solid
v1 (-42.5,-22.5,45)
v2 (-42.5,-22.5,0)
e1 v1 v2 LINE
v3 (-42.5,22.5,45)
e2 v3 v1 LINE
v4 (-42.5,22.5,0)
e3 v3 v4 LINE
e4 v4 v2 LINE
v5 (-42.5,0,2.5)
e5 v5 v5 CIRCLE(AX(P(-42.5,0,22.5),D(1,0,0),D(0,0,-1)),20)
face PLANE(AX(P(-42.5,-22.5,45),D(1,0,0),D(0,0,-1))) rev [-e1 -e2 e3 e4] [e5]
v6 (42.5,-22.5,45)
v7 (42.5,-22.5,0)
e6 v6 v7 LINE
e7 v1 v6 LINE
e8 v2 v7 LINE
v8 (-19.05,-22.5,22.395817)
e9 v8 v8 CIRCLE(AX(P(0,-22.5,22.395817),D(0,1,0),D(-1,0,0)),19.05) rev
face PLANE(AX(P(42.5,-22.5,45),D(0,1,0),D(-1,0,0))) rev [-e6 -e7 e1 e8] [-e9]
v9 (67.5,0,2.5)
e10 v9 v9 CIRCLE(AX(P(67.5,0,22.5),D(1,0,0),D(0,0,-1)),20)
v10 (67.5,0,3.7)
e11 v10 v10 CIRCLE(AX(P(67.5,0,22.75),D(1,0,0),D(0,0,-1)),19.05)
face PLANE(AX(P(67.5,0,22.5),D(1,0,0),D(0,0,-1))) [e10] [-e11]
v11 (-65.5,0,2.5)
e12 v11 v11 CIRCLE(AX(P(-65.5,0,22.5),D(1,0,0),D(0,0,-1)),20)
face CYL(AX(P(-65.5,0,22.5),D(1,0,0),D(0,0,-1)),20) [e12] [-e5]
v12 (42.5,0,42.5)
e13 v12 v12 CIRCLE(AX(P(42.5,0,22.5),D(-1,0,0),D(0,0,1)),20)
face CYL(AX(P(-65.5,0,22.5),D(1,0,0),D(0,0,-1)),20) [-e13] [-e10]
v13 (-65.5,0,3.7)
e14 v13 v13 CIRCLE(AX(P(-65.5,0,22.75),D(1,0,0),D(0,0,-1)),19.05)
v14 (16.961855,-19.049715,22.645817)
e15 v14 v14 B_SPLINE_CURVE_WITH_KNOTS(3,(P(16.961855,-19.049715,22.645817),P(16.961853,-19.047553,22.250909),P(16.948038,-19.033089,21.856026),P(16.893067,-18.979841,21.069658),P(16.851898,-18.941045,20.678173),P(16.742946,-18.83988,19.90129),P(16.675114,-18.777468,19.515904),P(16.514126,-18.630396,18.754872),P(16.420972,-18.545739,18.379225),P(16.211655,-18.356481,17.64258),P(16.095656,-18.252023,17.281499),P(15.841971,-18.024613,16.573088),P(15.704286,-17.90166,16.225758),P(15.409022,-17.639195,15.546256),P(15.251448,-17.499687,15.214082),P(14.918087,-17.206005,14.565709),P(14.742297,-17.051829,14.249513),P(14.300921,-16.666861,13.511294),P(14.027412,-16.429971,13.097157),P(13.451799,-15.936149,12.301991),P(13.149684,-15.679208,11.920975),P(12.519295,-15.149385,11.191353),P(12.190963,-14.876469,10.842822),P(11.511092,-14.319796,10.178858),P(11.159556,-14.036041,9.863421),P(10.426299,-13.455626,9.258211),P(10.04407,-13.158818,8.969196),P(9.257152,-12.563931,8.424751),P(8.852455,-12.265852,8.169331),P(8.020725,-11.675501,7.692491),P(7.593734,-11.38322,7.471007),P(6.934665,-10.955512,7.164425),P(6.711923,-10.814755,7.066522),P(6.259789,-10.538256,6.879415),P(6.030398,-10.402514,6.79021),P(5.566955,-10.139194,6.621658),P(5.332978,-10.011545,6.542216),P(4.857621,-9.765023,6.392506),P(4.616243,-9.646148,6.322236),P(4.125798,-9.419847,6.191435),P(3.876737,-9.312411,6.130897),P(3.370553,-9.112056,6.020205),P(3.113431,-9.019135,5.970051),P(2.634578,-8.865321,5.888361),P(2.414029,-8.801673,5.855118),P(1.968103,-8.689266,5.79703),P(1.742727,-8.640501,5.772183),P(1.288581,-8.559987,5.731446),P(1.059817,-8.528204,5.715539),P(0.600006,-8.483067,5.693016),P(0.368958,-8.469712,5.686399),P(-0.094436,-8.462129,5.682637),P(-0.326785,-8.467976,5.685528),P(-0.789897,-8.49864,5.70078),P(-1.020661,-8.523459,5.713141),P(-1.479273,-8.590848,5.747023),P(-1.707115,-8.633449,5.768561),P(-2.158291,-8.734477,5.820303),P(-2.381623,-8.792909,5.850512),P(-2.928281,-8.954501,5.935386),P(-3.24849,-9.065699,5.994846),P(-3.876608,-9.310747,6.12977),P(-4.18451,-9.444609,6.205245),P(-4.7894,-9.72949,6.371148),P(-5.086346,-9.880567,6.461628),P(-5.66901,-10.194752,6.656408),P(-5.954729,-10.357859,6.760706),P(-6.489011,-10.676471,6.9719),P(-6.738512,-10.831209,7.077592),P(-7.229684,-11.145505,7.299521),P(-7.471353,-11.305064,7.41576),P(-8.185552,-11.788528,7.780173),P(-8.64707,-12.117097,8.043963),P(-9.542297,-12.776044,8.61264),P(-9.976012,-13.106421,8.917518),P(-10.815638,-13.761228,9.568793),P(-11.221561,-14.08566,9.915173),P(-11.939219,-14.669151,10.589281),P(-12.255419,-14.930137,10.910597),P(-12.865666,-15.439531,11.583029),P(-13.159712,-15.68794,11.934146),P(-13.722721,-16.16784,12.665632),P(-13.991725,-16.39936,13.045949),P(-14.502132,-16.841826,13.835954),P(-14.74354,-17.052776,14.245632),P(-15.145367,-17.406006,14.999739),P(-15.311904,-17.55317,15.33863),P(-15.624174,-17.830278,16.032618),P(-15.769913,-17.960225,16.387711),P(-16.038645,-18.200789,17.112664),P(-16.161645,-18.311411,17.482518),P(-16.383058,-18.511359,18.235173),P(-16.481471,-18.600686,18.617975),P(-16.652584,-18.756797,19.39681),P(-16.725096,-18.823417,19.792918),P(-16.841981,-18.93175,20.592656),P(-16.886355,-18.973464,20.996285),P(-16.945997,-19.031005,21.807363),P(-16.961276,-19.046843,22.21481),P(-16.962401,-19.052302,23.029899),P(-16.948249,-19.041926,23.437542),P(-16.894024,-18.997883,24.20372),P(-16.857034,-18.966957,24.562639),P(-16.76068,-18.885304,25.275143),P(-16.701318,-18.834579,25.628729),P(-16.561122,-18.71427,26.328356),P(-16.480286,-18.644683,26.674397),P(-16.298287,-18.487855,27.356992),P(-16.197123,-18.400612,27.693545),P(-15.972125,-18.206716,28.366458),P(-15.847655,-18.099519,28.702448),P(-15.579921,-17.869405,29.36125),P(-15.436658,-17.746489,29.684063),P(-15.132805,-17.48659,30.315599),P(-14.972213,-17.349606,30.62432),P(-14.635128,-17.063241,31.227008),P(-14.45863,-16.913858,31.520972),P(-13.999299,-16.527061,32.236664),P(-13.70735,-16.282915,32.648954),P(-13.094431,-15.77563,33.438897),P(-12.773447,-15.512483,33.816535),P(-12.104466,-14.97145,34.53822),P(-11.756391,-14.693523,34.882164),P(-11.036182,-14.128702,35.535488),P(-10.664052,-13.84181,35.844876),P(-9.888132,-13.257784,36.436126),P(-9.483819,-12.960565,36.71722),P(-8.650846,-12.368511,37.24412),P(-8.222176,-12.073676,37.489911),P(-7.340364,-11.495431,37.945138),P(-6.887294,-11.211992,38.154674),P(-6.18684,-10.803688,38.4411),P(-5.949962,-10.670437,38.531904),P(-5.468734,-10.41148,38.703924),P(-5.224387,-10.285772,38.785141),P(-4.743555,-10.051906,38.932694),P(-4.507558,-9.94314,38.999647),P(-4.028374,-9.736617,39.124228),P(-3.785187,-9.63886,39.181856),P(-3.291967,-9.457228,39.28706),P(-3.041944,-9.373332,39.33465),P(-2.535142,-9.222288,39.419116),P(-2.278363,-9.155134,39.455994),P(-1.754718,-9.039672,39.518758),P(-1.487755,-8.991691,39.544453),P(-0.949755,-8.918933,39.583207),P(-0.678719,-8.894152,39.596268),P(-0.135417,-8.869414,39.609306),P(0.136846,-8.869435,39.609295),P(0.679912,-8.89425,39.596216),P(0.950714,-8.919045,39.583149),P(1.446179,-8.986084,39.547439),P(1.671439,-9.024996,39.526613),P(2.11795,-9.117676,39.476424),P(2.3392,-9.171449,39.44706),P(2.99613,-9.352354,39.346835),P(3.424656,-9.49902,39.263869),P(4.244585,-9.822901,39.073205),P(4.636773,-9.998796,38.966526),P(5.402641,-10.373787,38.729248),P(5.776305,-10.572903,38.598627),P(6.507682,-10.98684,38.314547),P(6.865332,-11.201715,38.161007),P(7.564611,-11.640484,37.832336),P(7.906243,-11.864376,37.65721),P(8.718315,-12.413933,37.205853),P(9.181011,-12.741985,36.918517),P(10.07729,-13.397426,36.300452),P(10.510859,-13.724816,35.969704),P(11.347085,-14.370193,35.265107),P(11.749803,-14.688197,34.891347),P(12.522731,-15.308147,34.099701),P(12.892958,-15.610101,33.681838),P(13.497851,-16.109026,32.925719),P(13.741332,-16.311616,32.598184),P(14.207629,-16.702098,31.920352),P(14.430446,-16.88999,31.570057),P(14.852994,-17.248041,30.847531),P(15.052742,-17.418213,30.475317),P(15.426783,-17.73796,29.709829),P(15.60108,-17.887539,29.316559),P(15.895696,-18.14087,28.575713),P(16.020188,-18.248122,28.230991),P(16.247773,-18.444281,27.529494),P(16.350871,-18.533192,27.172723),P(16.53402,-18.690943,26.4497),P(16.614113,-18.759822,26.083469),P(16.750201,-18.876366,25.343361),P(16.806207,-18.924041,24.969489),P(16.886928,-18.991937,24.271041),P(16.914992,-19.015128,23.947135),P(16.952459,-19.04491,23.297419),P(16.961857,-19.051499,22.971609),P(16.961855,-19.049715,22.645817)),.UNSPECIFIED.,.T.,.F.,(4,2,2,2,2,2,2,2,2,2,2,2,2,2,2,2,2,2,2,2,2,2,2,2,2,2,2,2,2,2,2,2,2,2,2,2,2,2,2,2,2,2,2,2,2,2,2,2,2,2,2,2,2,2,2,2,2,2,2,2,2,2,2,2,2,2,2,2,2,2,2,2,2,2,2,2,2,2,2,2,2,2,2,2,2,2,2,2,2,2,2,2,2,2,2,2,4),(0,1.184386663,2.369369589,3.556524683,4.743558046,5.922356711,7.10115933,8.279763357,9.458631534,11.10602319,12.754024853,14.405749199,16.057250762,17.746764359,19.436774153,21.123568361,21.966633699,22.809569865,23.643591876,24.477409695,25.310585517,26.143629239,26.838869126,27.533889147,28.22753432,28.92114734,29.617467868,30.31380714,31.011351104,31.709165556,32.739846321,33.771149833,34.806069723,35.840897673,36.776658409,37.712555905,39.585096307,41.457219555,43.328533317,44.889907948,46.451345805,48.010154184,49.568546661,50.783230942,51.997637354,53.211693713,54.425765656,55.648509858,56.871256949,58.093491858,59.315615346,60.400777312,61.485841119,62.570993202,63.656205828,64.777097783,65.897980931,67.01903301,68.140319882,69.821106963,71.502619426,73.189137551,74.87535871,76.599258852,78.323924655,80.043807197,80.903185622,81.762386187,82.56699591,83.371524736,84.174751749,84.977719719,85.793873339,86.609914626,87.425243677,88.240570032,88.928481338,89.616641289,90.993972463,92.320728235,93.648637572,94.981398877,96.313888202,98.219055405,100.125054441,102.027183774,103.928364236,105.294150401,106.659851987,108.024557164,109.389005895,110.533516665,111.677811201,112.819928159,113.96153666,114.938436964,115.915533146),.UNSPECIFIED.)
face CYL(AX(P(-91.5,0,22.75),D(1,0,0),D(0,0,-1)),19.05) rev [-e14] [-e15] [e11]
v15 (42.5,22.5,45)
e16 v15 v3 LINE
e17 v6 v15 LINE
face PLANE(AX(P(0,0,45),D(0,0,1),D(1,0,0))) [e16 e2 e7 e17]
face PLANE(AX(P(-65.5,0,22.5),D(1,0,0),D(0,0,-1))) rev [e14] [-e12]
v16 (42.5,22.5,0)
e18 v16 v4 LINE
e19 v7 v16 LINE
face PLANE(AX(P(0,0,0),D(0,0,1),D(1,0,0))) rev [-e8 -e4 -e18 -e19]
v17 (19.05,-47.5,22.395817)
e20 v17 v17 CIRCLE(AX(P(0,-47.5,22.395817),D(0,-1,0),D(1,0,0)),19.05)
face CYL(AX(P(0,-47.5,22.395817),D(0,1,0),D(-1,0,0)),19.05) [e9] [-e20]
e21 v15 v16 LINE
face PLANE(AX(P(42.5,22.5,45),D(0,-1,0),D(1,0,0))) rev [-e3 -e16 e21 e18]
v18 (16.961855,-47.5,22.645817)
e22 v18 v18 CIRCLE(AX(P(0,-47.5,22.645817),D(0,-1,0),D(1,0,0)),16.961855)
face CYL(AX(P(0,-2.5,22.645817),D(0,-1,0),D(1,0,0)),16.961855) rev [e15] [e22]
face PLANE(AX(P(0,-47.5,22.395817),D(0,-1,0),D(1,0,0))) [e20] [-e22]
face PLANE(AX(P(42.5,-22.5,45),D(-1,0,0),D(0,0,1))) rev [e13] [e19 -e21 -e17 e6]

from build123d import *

# Parameters (mm, degrees)
CROQUIS1_W                   = 85
CROQUIS1_H                   = 45
SALIENTE_EXTRUIR1_DEPTH      = 45
SALIENTE_EXTRUIR2_DEPTH      = 25
SALIENTE_EXTRUIR2_DEPTH_BACK = 108
CROQUIS2_R                   = 20
CROQUIS7_R                   = 19.05
SALIENTE_EXTRUIR3_DEPTH      = 25
CROQUIS10_R                  = 16.961855078
CORTAR_EXTRUIR2_DEPTH        = 45
CROQUIS12_R                  = 19.05
CORTAR_EXTRUIR3_DEPTH        = 159


with BuildPart() as part:
    # Croquis1 → Saliente-Extruir1 (new body)
    with BuildSketch(Plane.XY):
        Rectangle(CROQUIS1_W, CROQUIS1_H)
    extrude(amount=SALIENTE_EXTRUIR1_DEPTH)

    # Croquis2 → Saliente-Extruir2 (add, two sides: drawn at the far end of the back side and taken through both)
    with BuildSketch(Plane(origin=(42.5, 0, 0), x_dir=(0, 0, -1), z_dir=(1, 0, 0)).offset(-SALIENTE_EXTRUIR2_DEPTH_BACK)):
        with Locations((-22.5, 0)):
            Circle(CROQUIS2_R)
    extrude(amount=SALIENTE_EXTRUIR2_DEPTH + SALIENTE_EXTRUIR2_DEPTH_BACK)

    # Croquis7 → Saliente-Extruir3 (add)
    with BuildSketch(Plane.XZ.offset(22.5)):
        with Locations(Location((0, 22.39581729, 0), (0, 0, 180))):
            Circle(CROQUIS7_R)
    extrude(amount=SALIENTE_EXTRUIR3_DEPTH)

    # Croquis10 → Cortar-Extruir2 (cut)
    with BuildSketch(Plane(origin=(0, -47.5, 0), x_dir=(-1, 0, 0), z_dir=(0, -1, 0))):
        with Locations(Location((0, -22.64581729, 0), (0, 0, 180))):
            Circle(CROQUIS10_R)
    extrude(amount=-CORTAR_EXTRUIR2_DEPTH, mode=Mode.SUBTRACT)

    # Croquis12 → Cortar-Extruir3 (cut)
    with BuildSketch(Plane(origin=(67.5, 0, 0), x_dir=(0, 0, -1), z_dir=(1, 0, 0))):
        with Locations((-22.75, 0)):
            Circle(CROQUIS12_R)
    extrude(amount=-CORTAR_EXTRUIR3_DEPTH, mode=Mode.SUBTRACT)


solid = part.part
